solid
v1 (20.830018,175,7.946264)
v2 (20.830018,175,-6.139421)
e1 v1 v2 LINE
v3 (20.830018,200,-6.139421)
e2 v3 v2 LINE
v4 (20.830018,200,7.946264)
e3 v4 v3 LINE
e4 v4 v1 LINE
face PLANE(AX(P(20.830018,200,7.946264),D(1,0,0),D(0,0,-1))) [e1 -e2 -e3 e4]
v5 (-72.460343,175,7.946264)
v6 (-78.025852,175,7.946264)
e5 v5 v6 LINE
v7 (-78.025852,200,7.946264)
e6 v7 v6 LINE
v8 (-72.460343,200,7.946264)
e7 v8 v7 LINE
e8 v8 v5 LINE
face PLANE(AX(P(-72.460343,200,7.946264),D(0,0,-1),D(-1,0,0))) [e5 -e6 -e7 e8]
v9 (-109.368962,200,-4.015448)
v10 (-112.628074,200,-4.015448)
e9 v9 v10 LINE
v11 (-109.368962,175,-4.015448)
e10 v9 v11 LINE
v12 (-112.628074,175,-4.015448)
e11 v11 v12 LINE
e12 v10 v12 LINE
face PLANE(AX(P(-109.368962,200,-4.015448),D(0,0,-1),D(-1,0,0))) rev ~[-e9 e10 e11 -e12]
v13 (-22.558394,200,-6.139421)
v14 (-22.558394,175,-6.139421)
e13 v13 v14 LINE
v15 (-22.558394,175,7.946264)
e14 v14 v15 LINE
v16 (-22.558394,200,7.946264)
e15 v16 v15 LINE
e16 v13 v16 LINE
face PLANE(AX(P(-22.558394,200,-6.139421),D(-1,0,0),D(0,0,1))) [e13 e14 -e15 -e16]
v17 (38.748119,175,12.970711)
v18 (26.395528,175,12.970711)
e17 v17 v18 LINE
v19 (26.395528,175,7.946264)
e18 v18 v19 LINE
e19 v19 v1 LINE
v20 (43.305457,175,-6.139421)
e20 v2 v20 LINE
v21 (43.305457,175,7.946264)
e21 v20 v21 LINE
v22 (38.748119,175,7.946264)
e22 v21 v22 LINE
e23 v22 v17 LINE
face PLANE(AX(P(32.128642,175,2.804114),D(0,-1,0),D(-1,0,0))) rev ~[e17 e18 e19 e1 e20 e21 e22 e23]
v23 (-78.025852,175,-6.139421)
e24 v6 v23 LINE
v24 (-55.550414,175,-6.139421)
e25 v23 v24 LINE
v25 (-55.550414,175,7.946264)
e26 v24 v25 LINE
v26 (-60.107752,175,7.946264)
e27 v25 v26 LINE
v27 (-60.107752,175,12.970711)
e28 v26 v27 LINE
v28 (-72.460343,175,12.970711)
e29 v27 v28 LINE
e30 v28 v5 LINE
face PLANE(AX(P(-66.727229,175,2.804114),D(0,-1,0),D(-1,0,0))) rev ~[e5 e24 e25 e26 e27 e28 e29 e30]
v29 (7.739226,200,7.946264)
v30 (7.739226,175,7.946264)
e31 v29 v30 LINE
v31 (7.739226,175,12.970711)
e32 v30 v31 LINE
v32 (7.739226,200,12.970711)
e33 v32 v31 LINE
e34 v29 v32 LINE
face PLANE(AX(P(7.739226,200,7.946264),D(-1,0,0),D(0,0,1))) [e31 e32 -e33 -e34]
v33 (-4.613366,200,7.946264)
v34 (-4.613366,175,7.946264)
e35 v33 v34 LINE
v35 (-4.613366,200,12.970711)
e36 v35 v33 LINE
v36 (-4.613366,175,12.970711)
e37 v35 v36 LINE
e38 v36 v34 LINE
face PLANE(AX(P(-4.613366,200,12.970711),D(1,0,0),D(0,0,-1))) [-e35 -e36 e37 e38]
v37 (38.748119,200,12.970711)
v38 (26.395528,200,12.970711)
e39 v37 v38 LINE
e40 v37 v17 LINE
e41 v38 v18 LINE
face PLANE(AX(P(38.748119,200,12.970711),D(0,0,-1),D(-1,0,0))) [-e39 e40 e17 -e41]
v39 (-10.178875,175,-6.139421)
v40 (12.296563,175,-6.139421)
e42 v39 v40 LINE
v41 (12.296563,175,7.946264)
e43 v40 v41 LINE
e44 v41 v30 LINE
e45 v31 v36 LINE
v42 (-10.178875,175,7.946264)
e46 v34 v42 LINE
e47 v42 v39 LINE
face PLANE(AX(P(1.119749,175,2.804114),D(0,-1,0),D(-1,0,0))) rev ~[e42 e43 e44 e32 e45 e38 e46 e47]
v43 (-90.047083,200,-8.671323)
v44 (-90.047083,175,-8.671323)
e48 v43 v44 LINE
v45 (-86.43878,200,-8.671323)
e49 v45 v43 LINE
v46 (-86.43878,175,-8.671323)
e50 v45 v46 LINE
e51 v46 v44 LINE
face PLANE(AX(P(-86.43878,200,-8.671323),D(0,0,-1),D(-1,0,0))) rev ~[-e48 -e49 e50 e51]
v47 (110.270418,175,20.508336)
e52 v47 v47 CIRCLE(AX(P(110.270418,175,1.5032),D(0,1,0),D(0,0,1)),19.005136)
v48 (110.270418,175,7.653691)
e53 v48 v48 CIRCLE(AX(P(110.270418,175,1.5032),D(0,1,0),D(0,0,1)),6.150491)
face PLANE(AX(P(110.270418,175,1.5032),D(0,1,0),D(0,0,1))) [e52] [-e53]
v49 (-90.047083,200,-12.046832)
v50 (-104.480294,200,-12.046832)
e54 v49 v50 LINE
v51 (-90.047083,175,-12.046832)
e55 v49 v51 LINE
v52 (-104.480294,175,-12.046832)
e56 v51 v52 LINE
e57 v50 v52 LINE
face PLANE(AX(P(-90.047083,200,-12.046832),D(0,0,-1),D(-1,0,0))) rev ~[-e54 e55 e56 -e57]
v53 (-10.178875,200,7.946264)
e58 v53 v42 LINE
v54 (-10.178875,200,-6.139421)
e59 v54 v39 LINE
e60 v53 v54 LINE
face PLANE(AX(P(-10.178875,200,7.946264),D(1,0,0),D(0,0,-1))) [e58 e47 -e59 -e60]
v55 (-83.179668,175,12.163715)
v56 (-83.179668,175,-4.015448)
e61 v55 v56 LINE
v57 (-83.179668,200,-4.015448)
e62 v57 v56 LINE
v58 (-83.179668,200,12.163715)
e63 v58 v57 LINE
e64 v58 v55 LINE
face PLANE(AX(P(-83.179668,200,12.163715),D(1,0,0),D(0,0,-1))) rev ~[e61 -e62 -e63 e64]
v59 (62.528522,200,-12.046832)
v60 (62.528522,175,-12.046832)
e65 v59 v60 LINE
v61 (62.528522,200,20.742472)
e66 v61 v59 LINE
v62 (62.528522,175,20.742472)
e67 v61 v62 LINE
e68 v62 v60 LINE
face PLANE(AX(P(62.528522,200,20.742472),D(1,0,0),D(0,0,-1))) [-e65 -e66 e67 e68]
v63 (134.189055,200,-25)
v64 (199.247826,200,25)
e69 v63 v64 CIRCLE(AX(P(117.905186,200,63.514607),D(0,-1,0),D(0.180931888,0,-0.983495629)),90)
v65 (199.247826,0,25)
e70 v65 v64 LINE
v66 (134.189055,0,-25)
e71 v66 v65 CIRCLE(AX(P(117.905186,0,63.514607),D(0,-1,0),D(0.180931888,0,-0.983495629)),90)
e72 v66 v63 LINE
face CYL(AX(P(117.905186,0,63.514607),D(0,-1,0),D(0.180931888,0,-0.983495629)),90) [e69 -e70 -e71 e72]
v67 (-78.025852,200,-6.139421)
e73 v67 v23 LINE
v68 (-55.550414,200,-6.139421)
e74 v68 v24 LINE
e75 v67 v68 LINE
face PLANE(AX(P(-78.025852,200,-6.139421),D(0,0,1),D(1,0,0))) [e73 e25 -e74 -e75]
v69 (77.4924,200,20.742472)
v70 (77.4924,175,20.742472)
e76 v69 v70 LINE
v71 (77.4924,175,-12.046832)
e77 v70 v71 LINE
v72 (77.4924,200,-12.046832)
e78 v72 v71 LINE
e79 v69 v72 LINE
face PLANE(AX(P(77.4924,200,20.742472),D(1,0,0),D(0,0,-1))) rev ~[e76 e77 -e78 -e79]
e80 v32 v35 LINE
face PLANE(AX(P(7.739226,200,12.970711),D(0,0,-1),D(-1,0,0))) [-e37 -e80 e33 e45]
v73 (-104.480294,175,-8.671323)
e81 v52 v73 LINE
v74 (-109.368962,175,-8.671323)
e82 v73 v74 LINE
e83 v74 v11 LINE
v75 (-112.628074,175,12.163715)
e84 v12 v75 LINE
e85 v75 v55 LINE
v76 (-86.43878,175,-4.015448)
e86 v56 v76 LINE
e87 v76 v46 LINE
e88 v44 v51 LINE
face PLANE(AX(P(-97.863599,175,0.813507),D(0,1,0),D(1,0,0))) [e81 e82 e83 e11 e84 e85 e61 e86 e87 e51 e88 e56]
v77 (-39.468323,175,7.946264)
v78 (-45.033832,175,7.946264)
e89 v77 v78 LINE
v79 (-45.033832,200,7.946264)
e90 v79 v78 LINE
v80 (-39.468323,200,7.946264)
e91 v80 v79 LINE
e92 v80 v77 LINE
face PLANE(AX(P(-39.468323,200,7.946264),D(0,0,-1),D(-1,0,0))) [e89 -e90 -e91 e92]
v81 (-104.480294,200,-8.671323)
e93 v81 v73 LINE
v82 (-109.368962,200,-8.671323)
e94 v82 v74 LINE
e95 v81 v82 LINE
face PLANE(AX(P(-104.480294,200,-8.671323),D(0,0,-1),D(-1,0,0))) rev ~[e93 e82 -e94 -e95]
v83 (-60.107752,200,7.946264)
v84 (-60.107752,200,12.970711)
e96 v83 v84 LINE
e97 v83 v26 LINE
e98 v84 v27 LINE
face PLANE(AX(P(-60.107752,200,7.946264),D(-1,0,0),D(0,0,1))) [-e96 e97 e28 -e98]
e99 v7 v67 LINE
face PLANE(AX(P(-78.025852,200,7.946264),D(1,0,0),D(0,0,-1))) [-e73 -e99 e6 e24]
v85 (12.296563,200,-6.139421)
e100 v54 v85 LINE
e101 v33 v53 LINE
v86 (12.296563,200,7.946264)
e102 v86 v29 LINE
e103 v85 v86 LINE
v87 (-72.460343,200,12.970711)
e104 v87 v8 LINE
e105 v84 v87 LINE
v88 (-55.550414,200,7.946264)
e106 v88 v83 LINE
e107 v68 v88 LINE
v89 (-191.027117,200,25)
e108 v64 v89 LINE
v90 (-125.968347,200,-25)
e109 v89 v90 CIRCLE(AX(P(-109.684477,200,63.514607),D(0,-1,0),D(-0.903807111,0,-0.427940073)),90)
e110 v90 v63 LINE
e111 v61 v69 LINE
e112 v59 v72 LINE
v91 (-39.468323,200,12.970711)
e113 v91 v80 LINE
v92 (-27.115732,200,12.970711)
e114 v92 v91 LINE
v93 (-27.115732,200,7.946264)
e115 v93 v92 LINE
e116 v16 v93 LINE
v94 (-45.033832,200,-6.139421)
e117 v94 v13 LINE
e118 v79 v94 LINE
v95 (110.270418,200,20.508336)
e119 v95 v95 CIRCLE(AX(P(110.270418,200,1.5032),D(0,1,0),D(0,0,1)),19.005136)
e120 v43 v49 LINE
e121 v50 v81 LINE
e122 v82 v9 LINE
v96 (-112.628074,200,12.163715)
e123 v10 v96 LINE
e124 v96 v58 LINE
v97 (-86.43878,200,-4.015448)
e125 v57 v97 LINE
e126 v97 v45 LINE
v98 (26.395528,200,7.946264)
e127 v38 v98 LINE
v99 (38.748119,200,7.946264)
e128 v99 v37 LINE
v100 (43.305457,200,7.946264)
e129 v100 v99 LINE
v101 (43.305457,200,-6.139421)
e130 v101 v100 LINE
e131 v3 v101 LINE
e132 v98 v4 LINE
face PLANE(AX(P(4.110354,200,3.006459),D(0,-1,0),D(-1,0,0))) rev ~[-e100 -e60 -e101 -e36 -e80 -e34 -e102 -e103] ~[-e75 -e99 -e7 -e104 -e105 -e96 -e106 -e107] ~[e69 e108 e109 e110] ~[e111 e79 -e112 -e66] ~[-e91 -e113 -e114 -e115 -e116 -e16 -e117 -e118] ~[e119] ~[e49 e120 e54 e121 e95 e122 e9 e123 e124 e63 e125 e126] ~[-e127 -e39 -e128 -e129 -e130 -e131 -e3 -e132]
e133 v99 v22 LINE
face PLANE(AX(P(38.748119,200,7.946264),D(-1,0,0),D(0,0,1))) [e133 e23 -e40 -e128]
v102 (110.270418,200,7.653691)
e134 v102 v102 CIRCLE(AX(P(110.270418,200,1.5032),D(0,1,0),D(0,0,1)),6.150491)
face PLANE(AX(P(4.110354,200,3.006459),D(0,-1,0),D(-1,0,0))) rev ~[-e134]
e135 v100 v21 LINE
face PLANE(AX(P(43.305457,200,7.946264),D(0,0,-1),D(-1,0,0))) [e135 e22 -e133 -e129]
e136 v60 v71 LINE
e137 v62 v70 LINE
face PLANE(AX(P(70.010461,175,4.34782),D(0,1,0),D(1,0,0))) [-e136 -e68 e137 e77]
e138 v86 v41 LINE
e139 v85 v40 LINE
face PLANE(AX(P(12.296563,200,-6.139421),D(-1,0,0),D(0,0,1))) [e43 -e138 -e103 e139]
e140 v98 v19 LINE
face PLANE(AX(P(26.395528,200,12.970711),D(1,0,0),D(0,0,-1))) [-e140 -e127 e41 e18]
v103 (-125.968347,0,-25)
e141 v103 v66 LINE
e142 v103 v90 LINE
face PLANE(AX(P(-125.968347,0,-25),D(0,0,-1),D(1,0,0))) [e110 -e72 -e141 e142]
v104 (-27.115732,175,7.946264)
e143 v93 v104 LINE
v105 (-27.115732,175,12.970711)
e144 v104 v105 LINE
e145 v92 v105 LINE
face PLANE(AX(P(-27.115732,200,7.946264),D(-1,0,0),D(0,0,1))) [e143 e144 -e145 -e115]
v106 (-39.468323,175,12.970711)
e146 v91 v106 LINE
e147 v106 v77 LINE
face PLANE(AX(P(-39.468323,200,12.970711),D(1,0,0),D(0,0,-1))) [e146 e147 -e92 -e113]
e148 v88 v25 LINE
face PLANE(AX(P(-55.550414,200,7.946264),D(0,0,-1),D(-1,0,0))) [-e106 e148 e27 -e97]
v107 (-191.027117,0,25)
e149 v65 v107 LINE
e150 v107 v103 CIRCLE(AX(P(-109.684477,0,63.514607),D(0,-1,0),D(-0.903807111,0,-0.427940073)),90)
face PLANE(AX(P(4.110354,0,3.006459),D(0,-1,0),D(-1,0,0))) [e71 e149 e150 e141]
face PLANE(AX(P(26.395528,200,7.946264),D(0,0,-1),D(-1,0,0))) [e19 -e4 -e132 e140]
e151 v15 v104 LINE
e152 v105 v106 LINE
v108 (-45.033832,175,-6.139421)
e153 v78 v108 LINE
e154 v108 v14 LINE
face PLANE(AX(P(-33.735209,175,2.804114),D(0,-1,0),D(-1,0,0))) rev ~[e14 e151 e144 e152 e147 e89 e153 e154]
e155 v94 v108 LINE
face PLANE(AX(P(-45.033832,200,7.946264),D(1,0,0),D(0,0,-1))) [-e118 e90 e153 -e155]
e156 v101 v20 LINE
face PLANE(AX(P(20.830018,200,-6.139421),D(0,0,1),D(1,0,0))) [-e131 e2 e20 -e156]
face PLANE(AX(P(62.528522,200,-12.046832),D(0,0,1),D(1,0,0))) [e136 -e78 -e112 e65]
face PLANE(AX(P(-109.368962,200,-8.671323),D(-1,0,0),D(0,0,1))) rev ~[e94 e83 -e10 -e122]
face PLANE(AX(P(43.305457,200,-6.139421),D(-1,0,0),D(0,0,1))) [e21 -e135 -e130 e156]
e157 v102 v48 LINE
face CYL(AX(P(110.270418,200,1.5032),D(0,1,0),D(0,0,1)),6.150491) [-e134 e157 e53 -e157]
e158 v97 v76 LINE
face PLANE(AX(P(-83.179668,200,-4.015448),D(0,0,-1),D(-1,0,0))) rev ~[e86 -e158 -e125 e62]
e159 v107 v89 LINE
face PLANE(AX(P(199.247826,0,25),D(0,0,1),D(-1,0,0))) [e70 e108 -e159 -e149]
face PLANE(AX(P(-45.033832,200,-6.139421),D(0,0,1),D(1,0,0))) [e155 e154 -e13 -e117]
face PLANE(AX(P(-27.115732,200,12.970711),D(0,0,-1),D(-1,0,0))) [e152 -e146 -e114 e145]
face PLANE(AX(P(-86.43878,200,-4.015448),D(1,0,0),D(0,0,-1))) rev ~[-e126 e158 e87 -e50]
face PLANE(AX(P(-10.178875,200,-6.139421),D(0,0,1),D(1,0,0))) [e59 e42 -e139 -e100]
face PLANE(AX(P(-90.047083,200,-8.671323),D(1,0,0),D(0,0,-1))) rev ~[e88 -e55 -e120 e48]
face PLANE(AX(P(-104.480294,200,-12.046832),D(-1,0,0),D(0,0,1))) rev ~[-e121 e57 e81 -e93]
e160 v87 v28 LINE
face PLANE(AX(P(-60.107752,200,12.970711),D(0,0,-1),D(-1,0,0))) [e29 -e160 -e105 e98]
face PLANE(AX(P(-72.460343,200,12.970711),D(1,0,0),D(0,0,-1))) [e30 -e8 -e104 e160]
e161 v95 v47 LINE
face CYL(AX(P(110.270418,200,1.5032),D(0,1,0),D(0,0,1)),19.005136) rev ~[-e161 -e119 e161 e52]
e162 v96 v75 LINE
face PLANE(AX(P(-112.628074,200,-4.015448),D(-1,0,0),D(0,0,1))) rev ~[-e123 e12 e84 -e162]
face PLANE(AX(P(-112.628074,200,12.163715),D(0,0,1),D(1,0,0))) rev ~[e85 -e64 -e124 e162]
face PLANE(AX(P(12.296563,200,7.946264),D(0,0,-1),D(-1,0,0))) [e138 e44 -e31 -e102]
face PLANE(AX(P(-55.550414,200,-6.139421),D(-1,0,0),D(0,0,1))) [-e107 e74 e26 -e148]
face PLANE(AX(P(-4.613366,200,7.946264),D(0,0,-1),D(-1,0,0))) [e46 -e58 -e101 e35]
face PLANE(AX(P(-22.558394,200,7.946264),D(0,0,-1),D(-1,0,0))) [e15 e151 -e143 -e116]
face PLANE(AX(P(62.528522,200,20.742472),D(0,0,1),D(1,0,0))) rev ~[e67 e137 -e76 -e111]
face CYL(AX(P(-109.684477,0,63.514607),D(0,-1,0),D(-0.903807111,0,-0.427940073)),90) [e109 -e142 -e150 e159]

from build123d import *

# Parameters (mm, degrees)
BOSS_EXTRUDE1_DEPTH = 200
SKETCH2_R           = 19.005135809
SKETCH2_R_2         = 6.150490934
SKETCH2_W           = 14.963877837
SKETCH2_H           = 32.789303583
CUT_EXTRUDE1_DEPTH  = 25


with BuildPart() as part:
    # Sketch1 → Boss-Extrude1 (new body)
    with BuildSketch(Plane(origin=(0, 0, 0), x_dir=(1, 0, 0), z_dir=(0, 1, 0))):
        with BuildLine():
            Line((199.247825531, -25), (-191.027117423, -25))
            ThreePointArc((-191.027117423, -25), (-164.527287911, 7.845509301), (-125.968347388, 25))
            Line((-125.968347388, 25), (134.189055496, 25))
            ThreePointArc((134.189055496, 25), (172.747996019, 7.845509301), (199.247825531, -25))
        make_face()
    extrude(amount=BOSS_EXTRUDE1_DEPTH)

    # Sketch2 → Cut-Extrude1 (cut)
    # profile 1 of 7: a face of its own
    with BuildSketch(Plane(origin=(0, 200, 0), x_dir=(1, 0, 0), z_dir=(0, 1, 0))):
        with Locations(Location((110.270417857, -1.503200416, 0), (0, 0, 270))):
            Circle(SKETCH2_R)
        with Locations(Location((110.270417857, -1.503200416, 0), (0, 0, 270))):
            Circle(SKETCH2_R_2, mode=Mode.SUBTRACT)
    # profile 2 of 7: a face of its own
    with BuildSketch(Plane(origin=(0, 200, 0), x_dir=(1, 0, 0), z_dir=(0, 1, 0))):
        Polygon((-72.460343133, -7.946264371), (-78.025852291, -7.946264371), (-78.025852291, 6.139420836), (-55.550414196, 6.139420836), (-55.550414196, -7.946264371), (-60.107751805, -7.946264371), (-60.107751805, -12.97071102), (-72.460343133, -12.97071102), align=None)
    # profile 3 of 7: a face of its own
    with BuildSketch(Plane(origin=(0, 200, 0), x_dir=(1, 0, 0), z_dir=(0, 1, 0))):
        Polygon((-39.468323041, -7.946264371), (-45.033832199, -7.946264371), (-45.033832199, 6.139420836), (-22.558394104, 6.139420836), (-22.558394104, -7.946264371), (-27.115731714, -7.946264371), (-27.115731714, -12.97071102), (-39.468323041, -12.97071102), align=None)
    # profile 4 of 7: a face of its own
    with BuildSketch(Plane(origin=(0, 200, 0), x_dir=(1, 0, 0), z_dir=(0, 1, 0))):
        Polygon((-4.613365568, -7.946264371), (-10.178874726, -7.946264371), (-10.178874726, 6.139420836), (12.296563369, 6.139420836), (12.296563369, -7.946264371), (7.739225759, -7.946264371), (7.739225759, -12.97071102), (-4.613365568, -12.97071102), align=None)
    # profile 5 of 7: a face of its own
    with BuildSketch(Plane(origin=(0, 200, 0), x_dir=(1, 0, 0), z_dir=(0, 1, 0))):
        Polygon((26.395527633, -7.946264371), (20.830018475, -7.946264371), (20.830018475, 6.139420836), (43.30545657, 6.139420836), (43.30545657, -7.946264371), (38.74811896, -7.946264371), (38.74811896, -12.97071102), (26.395527633, -12.97071102), align=None)
    # profile 6 of 7: a face of its own
    with BuildSketch(Plane(origin=(0, 200, 0), x_dir=(1, 0, 0), z_dir=(0, 1, 0))):
        Polygon((-83.179668167, -12.163715332), (-83.179668167, 4.015448284), (-86.438780262, 4.015448284), (-86.438780262, 8.671322706), (-90.047082939, 8.671322706), (-90.047082939, 12.046831662), (-104.480293646, 12.046831662), (-104.480293646, 8.671322706), (-109.368961789, 8.671322706), (-109.368961789, 4.015448284), (-112.628073884, 4.015448284), (-112.628073884, -12.163715332), align=None)
    # profile 7 of 7: a face of its own
    with BuildSketch(Plane(origin=(0, 200, 0), x_dir=(1, 0, 0), z_dir=(0, 1, 0))):
        with Locations((70.010460819, -4.347820129)):
            Rectangle(SKETCH2_W, SKETCH2_H)
    extrude(amount=-CUT_EXTRUDE1_DEPTH, mode=Mode.SUBTRACT)


solid = part.part
